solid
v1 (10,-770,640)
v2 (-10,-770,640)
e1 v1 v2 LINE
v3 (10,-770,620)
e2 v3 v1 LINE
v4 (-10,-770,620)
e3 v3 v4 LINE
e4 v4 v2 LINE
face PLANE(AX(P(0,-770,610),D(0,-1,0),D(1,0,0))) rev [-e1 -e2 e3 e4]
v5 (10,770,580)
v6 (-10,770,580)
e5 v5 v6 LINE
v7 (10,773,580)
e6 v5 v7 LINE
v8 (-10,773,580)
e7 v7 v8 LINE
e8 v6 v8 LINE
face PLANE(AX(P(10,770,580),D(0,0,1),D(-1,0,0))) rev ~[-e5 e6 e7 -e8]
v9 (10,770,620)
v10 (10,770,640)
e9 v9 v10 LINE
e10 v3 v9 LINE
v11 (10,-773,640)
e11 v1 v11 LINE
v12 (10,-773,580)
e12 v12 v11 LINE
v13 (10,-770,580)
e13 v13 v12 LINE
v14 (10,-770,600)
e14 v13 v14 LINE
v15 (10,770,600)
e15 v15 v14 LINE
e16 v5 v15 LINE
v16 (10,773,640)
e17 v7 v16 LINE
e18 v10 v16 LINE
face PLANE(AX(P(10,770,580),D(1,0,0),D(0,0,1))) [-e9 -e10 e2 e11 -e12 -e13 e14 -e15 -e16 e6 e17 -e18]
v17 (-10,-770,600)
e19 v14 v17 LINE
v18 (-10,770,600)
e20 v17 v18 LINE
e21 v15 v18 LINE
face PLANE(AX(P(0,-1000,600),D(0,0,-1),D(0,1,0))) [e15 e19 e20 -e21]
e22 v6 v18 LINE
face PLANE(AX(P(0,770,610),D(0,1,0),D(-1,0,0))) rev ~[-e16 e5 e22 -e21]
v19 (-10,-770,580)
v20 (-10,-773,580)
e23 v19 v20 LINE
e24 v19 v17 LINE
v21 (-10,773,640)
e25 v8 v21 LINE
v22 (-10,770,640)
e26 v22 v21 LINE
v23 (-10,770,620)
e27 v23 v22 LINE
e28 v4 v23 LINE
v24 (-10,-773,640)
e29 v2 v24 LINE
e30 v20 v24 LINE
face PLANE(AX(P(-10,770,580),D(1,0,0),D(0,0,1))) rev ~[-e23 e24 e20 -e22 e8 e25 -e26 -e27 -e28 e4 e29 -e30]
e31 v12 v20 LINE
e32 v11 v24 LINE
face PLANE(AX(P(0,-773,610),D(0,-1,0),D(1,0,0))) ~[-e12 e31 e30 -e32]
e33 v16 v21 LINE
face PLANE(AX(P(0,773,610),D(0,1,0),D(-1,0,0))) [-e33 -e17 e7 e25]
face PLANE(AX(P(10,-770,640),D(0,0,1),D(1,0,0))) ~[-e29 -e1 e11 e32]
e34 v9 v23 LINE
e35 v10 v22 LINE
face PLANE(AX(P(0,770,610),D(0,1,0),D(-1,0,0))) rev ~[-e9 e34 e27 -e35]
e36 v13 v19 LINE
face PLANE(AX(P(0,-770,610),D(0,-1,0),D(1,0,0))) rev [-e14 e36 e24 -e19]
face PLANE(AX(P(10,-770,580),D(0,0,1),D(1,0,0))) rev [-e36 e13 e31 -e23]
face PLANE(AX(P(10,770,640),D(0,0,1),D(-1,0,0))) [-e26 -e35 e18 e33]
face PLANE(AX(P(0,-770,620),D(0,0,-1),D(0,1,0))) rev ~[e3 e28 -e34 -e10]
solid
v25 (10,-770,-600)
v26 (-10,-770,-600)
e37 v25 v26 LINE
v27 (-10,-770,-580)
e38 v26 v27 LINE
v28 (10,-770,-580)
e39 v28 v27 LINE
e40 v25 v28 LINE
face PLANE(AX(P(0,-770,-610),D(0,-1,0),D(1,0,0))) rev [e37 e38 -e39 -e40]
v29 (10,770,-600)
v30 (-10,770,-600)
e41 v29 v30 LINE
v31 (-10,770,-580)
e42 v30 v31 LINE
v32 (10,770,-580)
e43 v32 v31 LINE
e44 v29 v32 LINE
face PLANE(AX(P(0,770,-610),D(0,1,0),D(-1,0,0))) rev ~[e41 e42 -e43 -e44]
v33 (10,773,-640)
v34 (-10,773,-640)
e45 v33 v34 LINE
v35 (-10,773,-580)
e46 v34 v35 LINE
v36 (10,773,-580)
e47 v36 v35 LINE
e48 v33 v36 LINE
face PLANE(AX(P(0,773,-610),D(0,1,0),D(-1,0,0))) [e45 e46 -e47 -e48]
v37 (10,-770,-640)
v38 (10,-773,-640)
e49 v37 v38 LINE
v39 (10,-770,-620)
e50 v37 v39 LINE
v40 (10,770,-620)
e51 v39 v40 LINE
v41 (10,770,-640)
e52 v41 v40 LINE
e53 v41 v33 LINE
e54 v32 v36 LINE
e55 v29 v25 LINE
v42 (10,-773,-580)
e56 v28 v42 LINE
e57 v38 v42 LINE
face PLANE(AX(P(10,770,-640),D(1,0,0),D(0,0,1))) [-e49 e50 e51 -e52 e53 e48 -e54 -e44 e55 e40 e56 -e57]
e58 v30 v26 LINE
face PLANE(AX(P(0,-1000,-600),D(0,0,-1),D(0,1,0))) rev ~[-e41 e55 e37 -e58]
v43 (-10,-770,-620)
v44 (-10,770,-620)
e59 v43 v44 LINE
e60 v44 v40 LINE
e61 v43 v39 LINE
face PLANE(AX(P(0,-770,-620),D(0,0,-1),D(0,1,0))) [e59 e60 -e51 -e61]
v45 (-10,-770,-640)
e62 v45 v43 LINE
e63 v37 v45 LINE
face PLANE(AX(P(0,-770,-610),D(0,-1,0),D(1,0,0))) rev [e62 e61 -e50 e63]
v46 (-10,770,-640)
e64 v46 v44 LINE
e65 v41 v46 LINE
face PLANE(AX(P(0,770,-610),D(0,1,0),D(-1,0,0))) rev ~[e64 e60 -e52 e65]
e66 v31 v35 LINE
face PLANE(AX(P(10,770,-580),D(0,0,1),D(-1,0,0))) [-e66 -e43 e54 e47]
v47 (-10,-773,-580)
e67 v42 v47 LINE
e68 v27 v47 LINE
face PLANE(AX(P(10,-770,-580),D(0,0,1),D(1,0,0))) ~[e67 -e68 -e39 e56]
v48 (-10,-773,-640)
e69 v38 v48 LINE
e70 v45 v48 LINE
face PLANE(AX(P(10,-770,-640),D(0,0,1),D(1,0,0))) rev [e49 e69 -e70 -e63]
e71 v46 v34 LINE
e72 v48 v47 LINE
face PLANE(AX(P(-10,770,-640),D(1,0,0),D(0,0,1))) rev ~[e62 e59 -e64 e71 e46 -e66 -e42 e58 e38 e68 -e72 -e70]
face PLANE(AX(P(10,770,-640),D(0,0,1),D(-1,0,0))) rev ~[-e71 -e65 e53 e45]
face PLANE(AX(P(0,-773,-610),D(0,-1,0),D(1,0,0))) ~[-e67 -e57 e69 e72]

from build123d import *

# Parameters (mm, degrees)
SKETCH022_W      = 20
SKETCH022_H      = 60
EXTRUDE023_DEPTH = 3
SKETCH021_W      = 2000
SKETCH021_H      = 1200
EXTRUDE022_DEPTH = 15
SKETCH020_W      = 1540
SKETCH020_H      = 1240
SKETCH020_W_2    = 1500
SKETCH020_H_2    = 1200
EXTRUDE021_DEPTH = 10


with BuildPart() as extrude023:
    # Sketch022 → Extrude023 (new body)
    with BuildSketch(Plane(origin=(0, 770, 610), x_dir=(-1, 0, 0), z_dir=(0, 1, 0))):
        Rectangle(SKETCH022_W, SKETCH022_H)
        with Locations((0, -1220)):
            Rectangle(SKETCH022_W, SKETCH022_H)
    extrude(amount=EXTRUDE023_DEPTH)


with BuildPart() as extrude022:
    # Sketch021 → Extrude022 (new body, symmetric)
    with BuildSketch(Plane.YZ):
        Rectangle(SKETCH021_W, SKETCH021_H)
    extrude(amount=EXTRUDE022_DEPTH, both=True)


with BuildPart() as cut008:
    # Sketch020 → Extrude021 (new body, symmetric)
    with BuildSketch(Plane.YZ):
        Rectangle(SKETCH020_W, SKETCH020_H)
        Rectangle(SKETCH020_W_2, SKETCH020_H_2, mode=Mode.SUBTRACT)
    extrude(amount=EXTRUDE021_DEPTH, both=True)

    # Cut008: cut Extrude022
    add(extrude022.part, mode=Mode.SUBTRACT)


with BuildPart() as fusion001:
    # Part__Mirroring001: instance of Extrude023
    add(extrude023.part.mirror(Plane(origin=(0, 0, 0), x_dir=(1, 0, 0), z_dir=(0, 1, 0))))

    # Fusion001: union Extrude023, Cut008
    add(extrude023.part)
    add(cut008.part)


solid = fusion001.part
